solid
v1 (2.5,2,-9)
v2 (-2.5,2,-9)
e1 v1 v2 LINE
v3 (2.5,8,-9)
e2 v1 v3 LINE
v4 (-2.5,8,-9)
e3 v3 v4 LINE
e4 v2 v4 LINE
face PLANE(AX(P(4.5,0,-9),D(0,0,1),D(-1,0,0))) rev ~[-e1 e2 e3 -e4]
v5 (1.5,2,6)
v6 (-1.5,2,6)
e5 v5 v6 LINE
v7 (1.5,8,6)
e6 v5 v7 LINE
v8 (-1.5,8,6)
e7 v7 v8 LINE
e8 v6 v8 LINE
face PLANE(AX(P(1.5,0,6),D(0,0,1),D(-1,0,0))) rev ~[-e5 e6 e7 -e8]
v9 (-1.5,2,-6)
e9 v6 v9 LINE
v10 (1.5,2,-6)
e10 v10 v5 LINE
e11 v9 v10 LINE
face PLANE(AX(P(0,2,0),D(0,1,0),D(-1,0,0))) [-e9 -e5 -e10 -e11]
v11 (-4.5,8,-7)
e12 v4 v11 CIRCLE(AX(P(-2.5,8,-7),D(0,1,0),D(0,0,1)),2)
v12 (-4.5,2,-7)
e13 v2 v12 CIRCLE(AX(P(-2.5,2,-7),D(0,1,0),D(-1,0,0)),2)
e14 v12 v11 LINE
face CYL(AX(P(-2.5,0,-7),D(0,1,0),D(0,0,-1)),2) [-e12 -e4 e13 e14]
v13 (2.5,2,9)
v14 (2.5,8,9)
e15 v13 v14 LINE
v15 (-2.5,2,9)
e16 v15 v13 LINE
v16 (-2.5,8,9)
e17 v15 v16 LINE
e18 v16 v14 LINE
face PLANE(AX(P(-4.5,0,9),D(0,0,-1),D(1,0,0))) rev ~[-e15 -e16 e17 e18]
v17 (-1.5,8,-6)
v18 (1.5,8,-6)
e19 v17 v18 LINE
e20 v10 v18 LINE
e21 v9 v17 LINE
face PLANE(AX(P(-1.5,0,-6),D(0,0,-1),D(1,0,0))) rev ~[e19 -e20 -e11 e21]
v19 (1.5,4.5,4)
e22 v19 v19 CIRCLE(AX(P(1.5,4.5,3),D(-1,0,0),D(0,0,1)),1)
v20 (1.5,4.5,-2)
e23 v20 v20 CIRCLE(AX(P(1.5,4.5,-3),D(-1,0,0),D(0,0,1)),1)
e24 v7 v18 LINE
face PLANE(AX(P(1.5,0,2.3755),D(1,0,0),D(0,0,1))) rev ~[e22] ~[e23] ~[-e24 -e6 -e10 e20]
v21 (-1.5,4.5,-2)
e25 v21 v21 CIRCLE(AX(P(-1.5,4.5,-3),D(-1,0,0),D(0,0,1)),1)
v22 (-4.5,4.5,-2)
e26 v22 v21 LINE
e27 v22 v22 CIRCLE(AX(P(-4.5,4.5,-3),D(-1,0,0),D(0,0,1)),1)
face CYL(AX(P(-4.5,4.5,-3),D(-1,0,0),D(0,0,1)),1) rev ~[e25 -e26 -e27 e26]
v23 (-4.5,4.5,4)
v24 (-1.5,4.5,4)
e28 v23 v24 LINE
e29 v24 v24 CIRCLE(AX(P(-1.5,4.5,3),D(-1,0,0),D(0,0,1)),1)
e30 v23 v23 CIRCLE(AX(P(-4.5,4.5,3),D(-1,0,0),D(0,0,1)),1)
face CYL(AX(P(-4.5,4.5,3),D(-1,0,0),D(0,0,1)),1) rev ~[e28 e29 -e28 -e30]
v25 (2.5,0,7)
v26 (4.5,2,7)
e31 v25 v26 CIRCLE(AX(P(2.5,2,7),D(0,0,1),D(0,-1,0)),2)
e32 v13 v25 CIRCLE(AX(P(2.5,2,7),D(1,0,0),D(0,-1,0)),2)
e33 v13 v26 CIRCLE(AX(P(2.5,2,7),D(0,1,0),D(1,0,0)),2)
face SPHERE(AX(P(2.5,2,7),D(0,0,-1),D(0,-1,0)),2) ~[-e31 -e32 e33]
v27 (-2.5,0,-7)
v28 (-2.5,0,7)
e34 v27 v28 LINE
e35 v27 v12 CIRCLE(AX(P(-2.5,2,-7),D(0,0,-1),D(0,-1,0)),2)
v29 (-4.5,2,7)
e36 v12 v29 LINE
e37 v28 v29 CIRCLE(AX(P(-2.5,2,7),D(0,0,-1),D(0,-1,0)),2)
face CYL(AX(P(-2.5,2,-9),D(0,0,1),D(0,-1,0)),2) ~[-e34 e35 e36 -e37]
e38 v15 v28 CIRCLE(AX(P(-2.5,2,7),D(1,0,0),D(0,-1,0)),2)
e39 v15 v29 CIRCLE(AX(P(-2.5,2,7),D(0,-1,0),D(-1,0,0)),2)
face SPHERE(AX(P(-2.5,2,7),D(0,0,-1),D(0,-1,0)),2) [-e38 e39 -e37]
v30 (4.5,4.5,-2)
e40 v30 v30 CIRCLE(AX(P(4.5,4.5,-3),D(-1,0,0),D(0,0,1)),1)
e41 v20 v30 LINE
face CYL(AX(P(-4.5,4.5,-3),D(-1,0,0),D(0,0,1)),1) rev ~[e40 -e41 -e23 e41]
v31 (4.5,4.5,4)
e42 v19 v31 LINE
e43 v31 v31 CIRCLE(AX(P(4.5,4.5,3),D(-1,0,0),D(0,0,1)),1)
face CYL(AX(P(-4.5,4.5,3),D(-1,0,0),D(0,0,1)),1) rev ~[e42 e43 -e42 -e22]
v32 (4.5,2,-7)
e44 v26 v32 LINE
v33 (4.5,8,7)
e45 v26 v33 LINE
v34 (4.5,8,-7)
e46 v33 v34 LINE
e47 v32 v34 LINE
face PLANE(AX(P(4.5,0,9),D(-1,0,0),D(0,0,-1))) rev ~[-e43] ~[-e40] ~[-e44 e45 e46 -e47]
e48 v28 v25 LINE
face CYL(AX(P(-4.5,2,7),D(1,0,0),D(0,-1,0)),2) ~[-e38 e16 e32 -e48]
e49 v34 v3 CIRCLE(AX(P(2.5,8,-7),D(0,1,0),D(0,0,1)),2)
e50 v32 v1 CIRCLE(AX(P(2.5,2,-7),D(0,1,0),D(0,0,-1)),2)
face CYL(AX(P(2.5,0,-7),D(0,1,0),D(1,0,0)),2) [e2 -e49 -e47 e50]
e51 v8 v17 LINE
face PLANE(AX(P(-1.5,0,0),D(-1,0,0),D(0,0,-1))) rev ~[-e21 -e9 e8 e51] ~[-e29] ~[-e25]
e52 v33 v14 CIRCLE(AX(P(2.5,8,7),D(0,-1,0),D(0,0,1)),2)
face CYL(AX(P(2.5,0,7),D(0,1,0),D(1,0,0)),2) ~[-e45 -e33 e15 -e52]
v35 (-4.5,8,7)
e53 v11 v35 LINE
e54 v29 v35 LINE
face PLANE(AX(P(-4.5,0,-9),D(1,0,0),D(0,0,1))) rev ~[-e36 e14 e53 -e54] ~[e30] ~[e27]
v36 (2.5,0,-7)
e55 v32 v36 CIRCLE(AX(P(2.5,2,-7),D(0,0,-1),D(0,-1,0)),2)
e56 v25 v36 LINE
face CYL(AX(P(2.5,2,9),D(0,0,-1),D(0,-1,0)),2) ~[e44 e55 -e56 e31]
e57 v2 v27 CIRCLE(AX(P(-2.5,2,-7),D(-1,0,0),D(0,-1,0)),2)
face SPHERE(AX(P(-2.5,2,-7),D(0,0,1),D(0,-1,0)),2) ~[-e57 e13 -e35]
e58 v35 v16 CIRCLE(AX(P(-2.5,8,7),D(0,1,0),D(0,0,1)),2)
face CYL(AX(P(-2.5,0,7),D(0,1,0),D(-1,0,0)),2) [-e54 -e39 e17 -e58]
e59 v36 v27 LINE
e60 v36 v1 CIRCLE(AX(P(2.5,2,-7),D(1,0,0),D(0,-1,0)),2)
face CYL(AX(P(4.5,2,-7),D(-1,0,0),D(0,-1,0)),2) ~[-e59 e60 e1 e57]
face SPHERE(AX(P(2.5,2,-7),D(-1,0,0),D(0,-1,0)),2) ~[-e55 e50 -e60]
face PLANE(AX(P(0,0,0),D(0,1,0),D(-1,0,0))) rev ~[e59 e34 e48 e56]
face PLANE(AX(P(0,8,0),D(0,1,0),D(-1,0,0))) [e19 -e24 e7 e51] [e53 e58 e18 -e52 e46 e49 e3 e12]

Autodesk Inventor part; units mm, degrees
ref_plane "YZ Plane" through (0, 0, 0) normal (1, 0, 0) x (0, 1, 0)
ref_plane "XZ Plane" through (0, 0, 0) normal (0, 1, 0) x (-1, 0, 0)
ref_plane "XY Plane" through (0, 0, 0) normal (0, 0, 1) x (1, 0, 0)
sketch "Sketch2" plane through (0, 0, 0) normal (0, 1, 0) x (-1, 0, 0)
  line L0 (-1.5, 6) -> (1.5, 6)
  line L1 (1.5, 6) -> (1.5, -6)
  line L2 (1.5, -6) -> (-1.5, -6)
  line L3 (-1.5, -6) -> (-1.5, 6)
  line L4 (-1.5, 6) -> (1.5, -6) construction
  line L5 (1.5, 6) -> (-1.5, -6) construction
  line L6 (1.5, 0) -> (-1.5, 0)
  circle A0 centre (-1, 3) radius 0.8
  circle A1 centre (-1, -3) radius 0.8
  line L7 (-4.5, -9) -> (4.5, -9)
  line L8 (4.5, -9) -> (4.5, 9)
  line L9 (4.5, 9) -> (-4.5, 9)
  line L10 (-4.5, 9) -> (-4.5, -9)
  line L11 (-4.5, -9) -> (4.5, 9) construction
  line L12 (4.5, -9) -> (-4.5, 9) construction
  point P0 (0, 0)
  dimension "d2" = 3
  dimension "d3" = 12
  dimension "d4" = 1.6
  dimension "d5" = 2.5
  dimension "d6" = 3
  dimension "d7" = 9
  dimension "d8" = 18
extrude "Extrusion2" add sketch "Sketch2" along normal blind 2 contours L0 L1 L6 L3 A0 | A0 L3 | L1 L2 L3 A1 L6 | A1 L3 picked at (-1.0814, 3.2162) picked at (-1.0814, -2.7838)
extrude "Extrusion3" add sketch "Sketch2" along normal blind 8 contours L3 A0 | L3 A1 | L10 L9 L8 L7 picked at (-1.5421, 2.834) picked at (-1.5421, -3.166)
fillet "Fillet1" radius 2 8 edges at (-4.5, 0, 0) (0, 0, -9) (4.5, 0, 0) (0, 0, 9) (-4.5, 4, -9) (-4.5, 4, 9) (4.5, 4, 9) (4.5, 4, -9)
sketch "Sketch4" plane through (-4.5, 0, -9) normal (-1, 0, 0) x (0, 0, 1)
  line L0 (0, 0) -> (18, 0) construction
  line L1 (18, 0) -> (18, 8) construction
  line L2 (0, 0) -> (18, 0) construction
  line L3 (18, 0) -> (18, 2) construction
  line L4 (18, 2) -> (0, 2) construction
  line L5 (0, 2) -> (0, 0) construction
  line L6 (9, 0) -> (9, 8)
  line L7 (0, 8) -> (18, 8) construction
  circle A0 centre (6, 4.5) radius 1
  circle A1 centre (12, 4.5) radius 1
  dimension "d13" = 2
  dimension "d15" = 2
  dimension "d16" = 6
  dimension "d17" = 2.5
extrude "Extrusion4" cut sketch "Sketch4" against normal through all
properties part number "Part1_3DPrint"
